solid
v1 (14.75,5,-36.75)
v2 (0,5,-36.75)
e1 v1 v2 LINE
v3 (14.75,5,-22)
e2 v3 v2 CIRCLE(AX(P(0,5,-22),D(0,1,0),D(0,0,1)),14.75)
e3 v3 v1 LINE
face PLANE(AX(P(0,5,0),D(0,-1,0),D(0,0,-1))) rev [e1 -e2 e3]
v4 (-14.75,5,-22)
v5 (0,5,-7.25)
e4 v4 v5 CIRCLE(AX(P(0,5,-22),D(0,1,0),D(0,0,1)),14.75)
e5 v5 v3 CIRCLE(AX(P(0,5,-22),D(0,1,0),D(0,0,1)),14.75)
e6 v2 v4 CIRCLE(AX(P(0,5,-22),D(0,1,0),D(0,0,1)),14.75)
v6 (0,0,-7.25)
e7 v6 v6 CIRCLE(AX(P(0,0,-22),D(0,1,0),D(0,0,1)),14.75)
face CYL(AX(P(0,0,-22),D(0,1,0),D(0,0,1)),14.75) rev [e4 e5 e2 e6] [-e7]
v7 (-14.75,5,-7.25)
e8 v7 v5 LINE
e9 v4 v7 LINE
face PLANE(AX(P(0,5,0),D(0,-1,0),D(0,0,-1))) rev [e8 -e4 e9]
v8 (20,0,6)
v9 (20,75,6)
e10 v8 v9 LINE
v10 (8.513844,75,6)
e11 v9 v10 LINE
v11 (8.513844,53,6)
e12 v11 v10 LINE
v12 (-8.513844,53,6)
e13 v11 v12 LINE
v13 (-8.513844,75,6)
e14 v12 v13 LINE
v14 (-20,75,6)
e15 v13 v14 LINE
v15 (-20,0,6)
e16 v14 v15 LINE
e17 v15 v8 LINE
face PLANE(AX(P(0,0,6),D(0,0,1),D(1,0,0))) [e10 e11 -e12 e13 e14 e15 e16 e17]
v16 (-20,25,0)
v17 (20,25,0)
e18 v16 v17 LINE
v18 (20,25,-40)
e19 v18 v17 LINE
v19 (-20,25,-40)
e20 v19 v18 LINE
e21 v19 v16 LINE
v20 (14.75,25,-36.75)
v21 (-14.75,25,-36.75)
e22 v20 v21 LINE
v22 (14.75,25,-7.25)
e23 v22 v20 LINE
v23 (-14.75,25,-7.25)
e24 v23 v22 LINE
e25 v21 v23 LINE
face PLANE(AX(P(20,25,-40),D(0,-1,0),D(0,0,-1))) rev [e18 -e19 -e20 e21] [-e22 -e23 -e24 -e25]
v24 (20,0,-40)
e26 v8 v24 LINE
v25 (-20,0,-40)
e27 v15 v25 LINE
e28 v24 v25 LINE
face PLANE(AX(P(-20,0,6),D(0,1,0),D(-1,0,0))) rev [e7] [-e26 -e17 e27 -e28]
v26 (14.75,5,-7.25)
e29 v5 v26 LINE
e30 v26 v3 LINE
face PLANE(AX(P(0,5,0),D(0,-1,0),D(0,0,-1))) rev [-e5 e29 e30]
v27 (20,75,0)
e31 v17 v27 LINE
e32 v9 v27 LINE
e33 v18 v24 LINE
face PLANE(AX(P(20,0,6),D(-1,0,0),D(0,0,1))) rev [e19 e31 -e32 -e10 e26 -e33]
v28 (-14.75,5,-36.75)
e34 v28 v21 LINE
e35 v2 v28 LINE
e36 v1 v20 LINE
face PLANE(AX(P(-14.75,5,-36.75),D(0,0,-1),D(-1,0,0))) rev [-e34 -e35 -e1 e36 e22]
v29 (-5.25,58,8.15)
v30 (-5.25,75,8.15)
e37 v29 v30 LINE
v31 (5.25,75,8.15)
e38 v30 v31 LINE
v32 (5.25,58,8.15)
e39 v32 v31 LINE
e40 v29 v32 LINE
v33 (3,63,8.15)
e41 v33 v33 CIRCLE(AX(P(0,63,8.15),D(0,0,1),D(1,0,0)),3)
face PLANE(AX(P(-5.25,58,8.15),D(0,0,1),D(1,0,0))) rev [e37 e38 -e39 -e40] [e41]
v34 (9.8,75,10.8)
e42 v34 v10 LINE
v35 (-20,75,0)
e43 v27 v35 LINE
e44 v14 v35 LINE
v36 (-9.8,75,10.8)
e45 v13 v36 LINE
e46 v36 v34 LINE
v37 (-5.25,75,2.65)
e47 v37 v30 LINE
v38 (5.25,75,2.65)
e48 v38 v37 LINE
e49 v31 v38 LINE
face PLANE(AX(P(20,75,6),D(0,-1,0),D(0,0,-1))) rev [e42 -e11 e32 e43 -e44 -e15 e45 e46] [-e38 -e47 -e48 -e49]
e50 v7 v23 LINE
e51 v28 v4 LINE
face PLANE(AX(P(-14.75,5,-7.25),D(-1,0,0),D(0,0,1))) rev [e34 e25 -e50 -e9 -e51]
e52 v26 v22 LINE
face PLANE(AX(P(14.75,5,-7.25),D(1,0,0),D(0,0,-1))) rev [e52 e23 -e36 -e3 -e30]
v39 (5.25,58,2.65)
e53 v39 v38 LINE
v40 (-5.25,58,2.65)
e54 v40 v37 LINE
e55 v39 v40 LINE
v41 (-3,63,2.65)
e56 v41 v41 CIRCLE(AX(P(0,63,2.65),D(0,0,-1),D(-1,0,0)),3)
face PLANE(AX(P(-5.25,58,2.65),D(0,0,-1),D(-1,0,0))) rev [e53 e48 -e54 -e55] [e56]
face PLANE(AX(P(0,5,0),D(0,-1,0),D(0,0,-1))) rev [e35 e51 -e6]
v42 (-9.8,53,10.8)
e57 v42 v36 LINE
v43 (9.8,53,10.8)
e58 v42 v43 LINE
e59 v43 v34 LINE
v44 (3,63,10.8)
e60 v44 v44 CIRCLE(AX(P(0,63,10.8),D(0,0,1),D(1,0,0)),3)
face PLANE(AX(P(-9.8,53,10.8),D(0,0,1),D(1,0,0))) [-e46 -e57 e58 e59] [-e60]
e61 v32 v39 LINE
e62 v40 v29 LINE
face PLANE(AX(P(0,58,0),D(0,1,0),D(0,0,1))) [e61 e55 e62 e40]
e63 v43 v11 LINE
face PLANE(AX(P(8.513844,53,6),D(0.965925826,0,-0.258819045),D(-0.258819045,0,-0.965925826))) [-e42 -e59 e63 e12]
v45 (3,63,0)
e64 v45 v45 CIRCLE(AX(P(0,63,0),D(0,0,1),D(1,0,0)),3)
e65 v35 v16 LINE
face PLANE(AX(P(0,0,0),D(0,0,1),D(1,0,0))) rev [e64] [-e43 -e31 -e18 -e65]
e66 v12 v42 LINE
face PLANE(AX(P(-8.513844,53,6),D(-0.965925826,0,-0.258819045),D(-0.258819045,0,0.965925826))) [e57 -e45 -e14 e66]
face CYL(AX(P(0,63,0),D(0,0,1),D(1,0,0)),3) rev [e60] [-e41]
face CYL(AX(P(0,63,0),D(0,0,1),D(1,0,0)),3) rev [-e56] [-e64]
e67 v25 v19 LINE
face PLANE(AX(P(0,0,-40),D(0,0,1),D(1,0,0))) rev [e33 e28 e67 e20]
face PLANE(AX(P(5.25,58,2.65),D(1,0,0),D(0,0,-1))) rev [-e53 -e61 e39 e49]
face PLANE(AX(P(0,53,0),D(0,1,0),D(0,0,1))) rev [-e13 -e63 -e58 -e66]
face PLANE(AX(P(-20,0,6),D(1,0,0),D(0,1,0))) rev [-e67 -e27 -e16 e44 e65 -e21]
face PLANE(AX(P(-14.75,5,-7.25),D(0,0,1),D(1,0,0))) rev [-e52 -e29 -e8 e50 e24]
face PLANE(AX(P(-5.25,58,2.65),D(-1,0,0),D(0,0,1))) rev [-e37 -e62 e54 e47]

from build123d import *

# Parameters (mm, degrees)
SKIZZE1_W                       = 40
SKIZZE1_H                       = 75
AUFSATZ_LINEAR_AUSTRAGEN1_DEPTH = 6
AUFSATZ_LINEAR_AUSTRAGEN2_DEPTH = 22
SKIZZE3_W                       = 10.5
SKIZZE3_H                       = 5.5
SCHNITT_LINEAR_AUSTRAGEN1_DEPTH = 17
SKIZZE4_R                       = 3
SCHNITT_LINEAR_AUSTRAGEN2_DEPTH = 79.368616167
SKIZZE5_W                       = 40
SKIZZE5_H                       = 25
AUFSATZ_LINEAR_AUSTRAGEN3_DEPTH = 40
SKIZZE6_W                       = 29.5
SKIZZE6_H                       = 29.5
SCHNITT_LINEAR_AUSTRAGEN3_DEPTH = 20
SKIZZE7_R                       = 14.75
SCHNITT_LINEAR_AUSTRAGEN4_DEPTH = 84.066238629


with BuildPart() as part:
    # Skizze1 → Aufsatz-Linear austragen1 (new body)
    with BuildSketch(Plane.XY):
        with Locations((0, 37.5)):
            Rectangle(SKIZZE1_W, SKIZZE1_H)
    extrude(amount=AUFSATZ_LINEAR_AUSTRAGEN1_DEPTH)

    # Skizze2 → Aufsatz-Linear austragen2 (add)
    with BuildSketch(Plane(origin=(0, 75, 0), x_dir=(1, 0, 0), z_dir=(0, 1, 0))):
        Polygon((8.513843876, -6), (-8.513843876, -6), (-9.8, -10.8), (9.8, -10.8), align=None)
    extrude(amount=-AUFSATZ_LINEAR_AUSTRAGEN2_DEPTH)

    # Skizze3 → Schnitt-Linear austragen1 (cut)
    with BuildSketch(Plane(origin=(0, 75, 0), x_dir=(1, 0, 0), z_dir=(0, 1, 0))):
        with Locations((0, -5.4)):
            Rectangle(SKIZZE3_W, SKIZZE3_H)
    extrude(amount=-SCHNITT_LINEAR_AUSTRAGEN1_DEPTH, mode=Mode.SUBTRACT)

    # Skizze4 → Schnitt-Linear austragen2 (cut, through all)
    with BuildSketch(Plane.XY.offset(10.8)):
        with Locations((0, 63)):
            Circle(SKIZZE4_R)
    extrude(amount=-SCHNITT_LINEAR_AUSTRAGEN2_DEPTH, mode=Mode.SUBTRACT)

    # Skizze5 → Aufsatz-Linear austragen3 (add)
    with BuildSketch(Plane(origin=(0, 0, 0), x_dir=(-1, 0, 0), z_dir=(0, 0, -1))):
        with Locations((0, 12.5)):
            Rectangle(SKIZZE5_W, SKIZZE5_H)
    extrude(amount=AUFSATZ_LINEAR_AUSTRAGEN3_DEPTH)

    # Skizze6 → Schnitt-Linear austragen3 (cut)
    with BuildSketch(Plane(origin=(0, 25, 0), x_dir=(1, 0, 0), z_dir=(0, 1, 0))):
        with Locations((0, 22)):
            Rectangle(SKIZZE6_W, SKIZZE6_H)
    extrude(amount=-SCHNITT_LINEAR_AUSTRAGEN3_DEPTH, mode=Mode.SUBTRACT)

    # Skizze7 → Schnitt-Linear austragen4 (cut, through all)
    with BuildSketch(Plane(origin=(0, 5, 0), x_dir=(1, 0, 0), z_dir=(0, 1, 0))):
        with Locations(Location((0, 22, 0), (0, 0, 270))):
            Circle(SKIZZE7_R)
    extrude(amount=-SCHNITT_LINEAR_AUSTRAGEN4_DEPTH, mode=Mode.SUBTRACT)


solid = part.part
